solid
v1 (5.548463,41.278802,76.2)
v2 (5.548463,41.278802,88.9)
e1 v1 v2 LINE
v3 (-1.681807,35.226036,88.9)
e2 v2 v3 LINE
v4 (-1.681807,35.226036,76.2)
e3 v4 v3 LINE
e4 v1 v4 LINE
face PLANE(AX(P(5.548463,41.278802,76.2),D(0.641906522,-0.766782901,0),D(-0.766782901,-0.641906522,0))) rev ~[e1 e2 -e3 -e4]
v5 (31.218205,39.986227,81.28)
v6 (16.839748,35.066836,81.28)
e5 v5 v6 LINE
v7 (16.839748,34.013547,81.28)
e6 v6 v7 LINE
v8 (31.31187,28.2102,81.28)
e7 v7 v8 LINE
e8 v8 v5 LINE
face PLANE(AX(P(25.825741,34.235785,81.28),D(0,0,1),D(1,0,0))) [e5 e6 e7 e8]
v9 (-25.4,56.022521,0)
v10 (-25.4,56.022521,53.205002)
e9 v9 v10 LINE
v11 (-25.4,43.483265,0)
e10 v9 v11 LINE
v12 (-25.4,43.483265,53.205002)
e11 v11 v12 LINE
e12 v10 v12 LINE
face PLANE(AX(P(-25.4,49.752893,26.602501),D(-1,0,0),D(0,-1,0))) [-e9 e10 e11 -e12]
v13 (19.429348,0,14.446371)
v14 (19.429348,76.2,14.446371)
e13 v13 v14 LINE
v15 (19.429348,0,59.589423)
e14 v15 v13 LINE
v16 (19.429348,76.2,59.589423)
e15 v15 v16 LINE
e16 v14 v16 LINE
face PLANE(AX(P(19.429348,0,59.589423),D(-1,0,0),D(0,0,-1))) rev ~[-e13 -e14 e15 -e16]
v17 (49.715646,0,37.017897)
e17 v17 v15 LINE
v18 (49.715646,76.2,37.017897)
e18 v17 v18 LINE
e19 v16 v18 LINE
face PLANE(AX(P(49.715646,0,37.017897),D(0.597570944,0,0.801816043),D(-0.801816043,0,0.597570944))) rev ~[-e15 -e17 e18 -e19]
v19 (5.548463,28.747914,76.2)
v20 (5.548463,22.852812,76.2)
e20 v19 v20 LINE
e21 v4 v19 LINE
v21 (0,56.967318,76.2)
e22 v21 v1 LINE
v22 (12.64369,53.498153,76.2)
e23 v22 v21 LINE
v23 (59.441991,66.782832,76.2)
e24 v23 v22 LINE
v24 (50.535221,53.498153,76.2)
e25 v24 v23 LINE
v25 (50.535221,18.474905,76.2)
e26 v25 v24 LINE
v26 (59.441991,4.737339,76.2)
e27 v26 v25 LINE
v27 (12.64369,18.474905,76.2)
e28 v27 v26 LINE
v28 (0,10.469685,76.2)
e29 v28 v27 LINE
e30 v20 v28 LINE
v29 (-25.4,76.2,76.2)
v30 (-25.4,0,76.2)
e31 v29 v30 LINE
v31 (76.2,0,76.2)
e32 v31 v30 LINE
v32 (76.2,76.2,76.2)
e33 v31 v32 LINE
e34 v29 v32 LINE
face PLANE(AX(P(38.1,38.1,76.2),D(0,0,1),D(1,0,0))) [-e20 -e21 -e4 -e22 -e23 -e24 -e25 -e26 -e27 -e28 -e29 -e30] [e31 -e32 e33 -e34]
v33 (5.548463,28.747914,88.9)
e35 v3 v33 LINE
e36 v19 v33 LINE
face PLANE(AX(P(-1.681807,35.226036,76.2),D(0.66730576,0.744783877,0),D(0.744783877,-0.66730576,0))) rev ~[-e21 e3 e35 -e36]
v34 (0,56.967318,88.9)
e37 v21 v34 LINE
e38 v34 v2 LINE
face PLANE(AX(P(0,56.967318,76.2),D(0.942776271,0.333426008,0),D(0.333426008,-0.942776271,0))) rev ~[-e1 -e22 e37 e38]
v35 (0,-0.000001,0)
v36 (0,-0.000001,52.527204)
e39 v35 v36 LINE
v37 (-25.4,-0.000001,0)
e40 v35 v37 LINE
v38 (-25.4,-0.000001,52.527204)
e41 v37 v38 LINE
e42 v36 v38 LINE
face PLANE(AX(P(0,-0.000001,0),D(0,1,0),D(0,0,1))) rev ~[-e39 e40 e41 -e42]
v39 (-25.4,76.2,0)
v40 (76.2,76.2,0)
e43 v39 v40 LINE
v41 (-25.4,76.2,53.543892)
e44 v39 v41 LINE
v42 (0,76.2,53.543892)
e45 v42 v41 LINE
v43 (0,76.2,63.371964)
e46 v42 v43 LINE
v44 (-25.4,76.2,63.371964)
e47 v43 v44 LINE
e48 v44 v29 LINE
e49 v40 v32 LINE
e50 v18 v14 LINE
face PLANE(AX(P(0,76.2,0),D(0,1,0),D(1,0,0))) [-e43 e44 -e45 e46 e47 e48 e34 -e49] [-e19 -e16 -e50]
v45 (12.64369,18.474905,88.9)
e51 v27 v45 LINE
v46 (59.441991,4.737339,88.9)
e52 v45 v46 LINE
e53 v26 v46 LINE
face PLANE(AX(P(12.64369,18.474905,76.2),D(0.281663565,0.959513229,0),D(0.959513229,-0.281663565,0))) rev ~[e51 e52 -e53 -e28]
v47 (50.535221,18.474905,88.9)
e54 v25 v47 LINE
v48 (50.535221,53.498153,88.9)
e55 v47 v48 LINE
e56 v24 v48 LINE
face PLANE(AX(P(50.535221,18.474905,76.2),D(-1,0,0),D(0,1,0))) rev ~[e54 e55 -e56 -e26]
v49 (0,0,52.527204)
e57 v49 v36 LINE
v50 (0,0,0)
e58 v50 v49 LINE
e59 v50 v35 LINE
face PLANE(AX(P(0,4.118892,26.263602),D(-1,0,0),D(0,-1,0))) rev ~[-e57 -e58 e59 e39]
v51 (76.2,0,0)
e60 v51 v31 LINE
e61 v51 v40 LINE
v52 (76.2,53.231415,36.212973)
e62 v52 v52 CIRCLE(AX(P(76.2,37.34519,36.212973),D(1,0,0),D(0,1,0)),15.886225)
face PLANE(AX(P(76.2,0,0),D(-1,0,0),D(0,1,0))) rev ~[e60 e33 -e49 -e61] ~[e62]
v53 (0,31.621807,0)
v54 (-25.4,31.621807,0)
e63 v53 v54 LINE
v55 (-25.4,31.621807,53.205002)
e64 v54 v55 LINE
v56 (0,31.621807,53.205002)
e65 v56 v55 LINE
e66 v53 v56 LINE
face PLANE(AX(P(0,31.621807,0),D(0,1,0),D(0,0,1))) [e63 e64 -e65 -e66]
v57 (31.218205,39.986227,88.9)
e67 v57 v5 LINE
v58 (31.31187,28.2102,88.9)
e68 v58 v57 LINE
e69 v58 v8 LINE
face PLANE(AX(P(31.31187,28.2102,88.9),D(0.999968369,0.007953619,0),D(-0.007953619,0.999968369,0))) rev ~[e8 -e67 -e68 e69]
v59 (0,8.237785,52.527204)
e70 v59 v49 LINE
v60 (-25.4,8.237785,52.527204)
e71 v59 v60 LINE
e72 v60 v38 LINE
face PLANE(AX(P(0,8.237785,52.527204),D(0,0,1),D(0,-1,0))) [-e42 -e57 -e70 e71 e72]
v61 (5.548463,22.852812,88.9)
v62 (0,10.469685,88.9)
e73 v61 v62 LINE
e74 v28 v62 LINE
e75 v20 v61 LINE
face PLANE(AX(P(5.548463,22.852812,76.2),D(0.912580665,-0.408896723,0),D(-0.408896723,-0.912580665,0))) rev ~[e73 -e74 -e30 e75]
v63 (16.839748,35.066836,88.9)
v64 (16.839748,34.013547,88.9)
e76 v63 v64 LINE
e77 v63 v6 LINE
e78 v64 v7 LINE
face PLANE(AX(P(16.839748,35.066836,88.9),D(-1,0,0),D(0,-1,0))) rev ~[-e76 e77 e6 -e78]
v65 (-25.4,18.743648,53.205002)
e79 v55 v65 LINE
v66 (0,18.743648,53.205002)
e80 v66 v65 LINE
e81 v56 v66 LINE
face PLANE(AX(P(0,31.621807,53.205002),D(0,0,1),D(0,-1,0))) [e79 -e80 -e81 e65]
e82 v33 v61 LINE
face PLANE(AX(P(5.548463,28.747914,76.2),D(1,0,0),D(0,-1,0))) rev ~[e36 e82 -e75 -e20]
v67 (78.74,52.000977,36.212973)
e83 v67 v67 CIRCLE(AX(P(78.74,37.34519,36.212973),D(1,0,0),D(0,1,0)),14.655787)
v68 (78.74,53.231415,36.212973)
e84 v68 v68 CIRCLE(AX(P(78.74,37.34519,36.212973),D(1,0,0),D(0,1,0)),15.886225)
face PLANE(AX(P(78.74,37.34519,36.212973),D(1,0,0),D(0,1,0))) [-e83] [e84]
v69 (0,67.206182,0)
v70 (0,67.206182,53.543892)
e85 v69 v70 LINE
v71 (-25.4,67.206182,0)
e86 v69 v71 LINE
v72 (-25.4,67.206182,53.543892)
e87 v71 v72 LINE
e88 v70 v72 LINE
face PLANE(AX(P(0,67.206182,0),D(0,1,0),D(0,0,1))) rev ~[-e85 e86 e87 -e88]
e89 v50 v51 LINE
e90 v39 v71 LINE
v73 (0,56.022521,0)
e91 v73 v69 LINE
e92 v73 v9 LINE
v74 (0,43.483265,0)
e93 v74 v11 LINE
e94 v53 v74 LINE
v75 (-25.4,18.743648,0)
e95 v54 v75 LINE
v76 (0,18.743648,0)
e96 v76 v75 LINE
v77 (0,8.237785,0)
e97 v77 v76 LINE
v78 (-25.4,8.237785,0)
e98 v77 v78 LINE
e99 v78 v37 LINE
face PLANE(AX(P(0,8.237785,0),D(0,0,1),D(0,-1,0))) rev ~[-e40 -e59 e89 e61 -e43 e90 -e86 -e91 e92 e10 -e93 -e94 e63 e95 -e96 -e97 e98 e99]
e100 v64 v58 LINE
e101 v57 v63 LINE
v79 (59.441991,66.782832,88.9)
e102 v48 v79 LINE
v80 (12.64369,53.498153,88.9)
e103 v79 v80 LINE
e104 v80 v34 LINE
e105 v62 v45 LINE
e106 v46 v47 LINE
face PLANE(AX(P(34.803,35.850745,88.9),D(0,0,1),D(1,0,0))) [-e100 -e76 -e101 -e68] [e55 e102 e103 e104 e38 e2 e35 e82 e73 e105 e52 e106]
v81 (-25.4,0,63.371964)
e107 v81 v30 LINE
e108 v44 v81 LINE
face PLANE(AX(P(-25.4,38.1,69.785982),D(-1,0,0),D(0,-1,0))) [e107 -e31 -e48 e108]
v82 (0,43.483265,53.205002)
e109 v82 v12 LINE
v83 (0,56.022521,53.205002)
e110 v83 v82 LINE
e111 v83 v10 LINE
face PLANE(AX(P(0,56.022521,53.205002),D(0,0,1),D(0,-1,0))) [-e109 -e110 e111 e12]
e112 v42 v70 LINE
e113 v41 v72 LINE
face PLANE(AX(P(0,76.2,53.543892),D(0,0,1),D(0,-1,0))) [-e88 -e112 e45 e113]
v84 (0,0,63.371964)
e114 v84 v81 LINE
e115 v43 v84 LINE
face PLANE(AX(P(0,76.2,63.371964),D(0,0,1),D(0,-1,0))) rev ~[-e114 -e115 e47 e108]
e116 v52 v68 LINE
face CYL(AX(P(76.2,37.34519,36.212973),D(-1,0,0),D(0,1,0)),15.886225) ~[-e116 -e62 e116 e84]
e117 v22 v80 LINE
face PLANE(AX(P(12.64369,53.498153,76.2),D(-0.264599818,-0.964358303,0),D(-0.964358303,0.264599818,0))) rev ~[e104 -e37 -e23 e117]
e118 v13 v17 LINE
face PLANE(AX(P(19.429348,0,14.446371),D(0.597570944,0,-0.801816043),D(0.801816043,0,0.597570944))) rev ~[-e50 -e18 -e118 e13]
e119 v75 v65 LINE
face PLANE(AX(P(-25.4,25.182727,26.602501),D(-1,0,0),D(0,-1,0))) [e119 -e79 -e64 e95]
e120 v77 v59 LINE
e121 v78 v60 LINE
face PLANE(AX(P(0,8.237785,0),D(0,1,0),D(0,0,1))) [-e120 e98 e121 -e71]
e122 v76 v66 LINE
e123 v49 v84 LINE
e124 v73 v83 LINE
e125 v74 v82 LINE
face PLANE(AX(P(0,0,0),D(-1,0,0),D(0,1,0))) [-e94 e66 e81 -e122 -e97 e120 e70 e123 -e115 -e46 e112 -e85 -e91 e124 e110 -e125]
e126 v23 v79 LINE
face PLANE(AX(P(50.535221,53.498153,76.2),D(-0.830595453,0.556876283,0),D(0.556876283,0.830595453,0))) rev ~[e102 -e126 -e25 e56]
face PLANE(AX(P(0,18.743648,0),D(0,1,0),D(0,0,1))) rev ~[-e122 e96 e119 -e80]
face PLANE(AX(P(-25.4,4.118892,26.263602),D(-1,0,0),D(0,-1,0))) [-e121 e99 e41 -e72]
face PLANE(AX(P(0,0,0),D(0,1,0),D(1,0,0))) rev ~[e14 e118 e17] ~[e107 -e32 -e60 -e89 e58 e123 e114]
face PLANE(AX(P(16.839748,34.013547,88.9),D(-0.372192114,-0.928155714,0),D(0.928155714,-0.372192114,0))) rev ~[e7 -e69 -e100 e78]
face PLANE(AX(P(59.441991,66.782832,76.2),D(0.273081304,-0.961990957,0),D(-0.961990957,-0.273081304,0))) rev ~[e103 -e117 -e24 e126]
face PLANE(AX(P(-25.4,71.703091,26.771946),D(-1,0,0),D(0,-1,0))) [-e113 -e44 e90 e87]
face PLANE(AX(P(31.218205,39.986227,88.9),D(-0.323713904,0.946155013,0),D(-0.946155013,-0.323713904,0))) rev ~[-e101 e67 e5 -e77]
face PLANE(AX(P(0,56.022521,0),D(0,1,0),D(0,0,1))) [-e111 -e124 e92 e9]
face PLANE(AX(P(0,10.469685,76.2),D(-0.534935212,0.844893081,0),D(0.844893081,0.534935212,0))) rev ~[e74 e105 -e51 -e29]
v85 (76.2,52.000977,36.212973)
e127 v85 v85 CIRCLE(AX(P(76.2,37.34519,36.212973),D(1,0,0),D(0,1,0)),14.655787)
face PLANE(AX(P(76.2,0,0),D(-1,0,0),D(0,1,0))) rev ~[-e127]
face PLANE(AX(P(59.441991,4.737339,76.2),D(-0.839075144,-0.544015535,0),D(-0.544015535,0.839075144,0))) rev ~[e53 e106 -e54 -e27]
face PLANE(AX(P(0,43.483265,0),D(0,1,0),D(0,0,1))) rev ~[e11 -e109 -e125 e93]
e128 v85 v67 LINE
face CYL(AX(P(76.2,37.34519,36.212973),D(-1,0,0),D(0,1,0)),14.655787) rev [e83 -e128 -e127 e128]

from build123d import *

# Parameters (mm, degrees)
F0_W      = 76.2
F0_H      = 76.2
F1_DEPTH  = 76.2
F2_W      = 12.539256
F2_H      = 53.205002
F2_W_2    = 12.878159
F2_W_3    = 8.237785
F2_H_2    = 52.527204
F2_W_4    = 8.993818
F2_H_3    = 53.543892
F2_W_5    = 76.2
F2_H_4    = 12.828036
F3_DEPTH  = 25.4
F5_DEPTH  = 254
F7_DEPTH  = 12.7
F9_DEPTH  = 7.62
F10_R     = 15.886225
F10_R_2   = 14.655787
F11_DEPTH = 2.54


with BuildPart() as f1:
    # F0 (on Top) → F1 (new body)
    with BuildSketch(Plane.XY):
        with Locations((38.1, 38.1)):
            Rectangle(F0_W, F0_H)
    extrude(amount=F1_DEPTH)

    # F2 (on face) → F3 (join)
    with BuildSketch(Plane(origin=(0, 0, 0), x_dir=(0, -1, 0), z_dir=(-1, 0, 0))):
        with Locations((-49.752893, 26.602501)):
            Rectangle(F2_W, F2_H)
        with Locations((-25.182727, 26.602501)):
            Rectangle(F2_W_2, F2_H)
        with Locations((-4.118892, 26.263602)):
            Rectangle(F2_W_3, F2_H_2)
        with Locations((-71.703091, 26.771946)):
            Rectangle(F2_W_4, F2_H_3)
        with Locations((-38.1, 69.785982)):
            Rectangle(F2_W_5, F2_H_4)
    extrude(amount=F3_DEPTH)

    # F4 (on face) → F5 (cut)
    with BuildSketch(Plane.XZ):
        Polygon((49.715646, 37.017897), (19.429348, 59.589423), (19.429348, 14.446371), align=None)
    extrude(amount=-F5_DEPTH, mode=Mode.SUBTRACT)

    # F6 (on face) → F7 (join)
    with BuildSketch(Plane.XY.offset(76.2)):
        Polygon((59.441991, 4.737339), (50.535221, 18.474905), (50.535221, 53.498153), (59.441991, 66.782832), (12.64369, 53.498153), (12.64369, 48.818324), (5.548463, 48.818324), (5.548463, 41.278802), (5.548463, 28.747914), (5.548463, 22.852812), (12.64369, 22.852812), (12.64369, 18.474905), align=None)
        Polygon((0, 10.469685), (12.64369, 18.474905), (12.64369, 22.852812), (5.548463, 22.852812), align=None)
        Polygon((12.64369, 48.818324), (12.64369, 53.498153), (0, 56.967318), (5.548463, 41.278802), (5.548463, 48.818324), align=None)
        Polygon((5.548463, 28.747914), (5.548463, 41.278802), (-1.681807, 35.226036), align=None)
    extrude(amount=F7_DEPTH)

    # F8 (on face) → F9 (cut)
    with BuildSketch(Plane.XY.offset(88.9)):
        Polygon((16.839748, 35.066836), (16.839748, 34.013547), (31.31187, 28.2102), (31.218205, 39.986227), align=None)
    extrude(amount=-F9_DEPTH, mode=Mode.SUBTRACT)

    # F10 (on face) → F11 (join)
    with BuildSketch(Plane.YZ.offset(76.2)):
        with Locations((37.34519, 36.212973)):
            Circle(F10_R)
        with Locations((37.34519, 36.212973)):
            Circle(F10_R_2, mode=Mode.SUBTRACT)
    extrude(amount=F11_DEPTH)


solid = f1.part
